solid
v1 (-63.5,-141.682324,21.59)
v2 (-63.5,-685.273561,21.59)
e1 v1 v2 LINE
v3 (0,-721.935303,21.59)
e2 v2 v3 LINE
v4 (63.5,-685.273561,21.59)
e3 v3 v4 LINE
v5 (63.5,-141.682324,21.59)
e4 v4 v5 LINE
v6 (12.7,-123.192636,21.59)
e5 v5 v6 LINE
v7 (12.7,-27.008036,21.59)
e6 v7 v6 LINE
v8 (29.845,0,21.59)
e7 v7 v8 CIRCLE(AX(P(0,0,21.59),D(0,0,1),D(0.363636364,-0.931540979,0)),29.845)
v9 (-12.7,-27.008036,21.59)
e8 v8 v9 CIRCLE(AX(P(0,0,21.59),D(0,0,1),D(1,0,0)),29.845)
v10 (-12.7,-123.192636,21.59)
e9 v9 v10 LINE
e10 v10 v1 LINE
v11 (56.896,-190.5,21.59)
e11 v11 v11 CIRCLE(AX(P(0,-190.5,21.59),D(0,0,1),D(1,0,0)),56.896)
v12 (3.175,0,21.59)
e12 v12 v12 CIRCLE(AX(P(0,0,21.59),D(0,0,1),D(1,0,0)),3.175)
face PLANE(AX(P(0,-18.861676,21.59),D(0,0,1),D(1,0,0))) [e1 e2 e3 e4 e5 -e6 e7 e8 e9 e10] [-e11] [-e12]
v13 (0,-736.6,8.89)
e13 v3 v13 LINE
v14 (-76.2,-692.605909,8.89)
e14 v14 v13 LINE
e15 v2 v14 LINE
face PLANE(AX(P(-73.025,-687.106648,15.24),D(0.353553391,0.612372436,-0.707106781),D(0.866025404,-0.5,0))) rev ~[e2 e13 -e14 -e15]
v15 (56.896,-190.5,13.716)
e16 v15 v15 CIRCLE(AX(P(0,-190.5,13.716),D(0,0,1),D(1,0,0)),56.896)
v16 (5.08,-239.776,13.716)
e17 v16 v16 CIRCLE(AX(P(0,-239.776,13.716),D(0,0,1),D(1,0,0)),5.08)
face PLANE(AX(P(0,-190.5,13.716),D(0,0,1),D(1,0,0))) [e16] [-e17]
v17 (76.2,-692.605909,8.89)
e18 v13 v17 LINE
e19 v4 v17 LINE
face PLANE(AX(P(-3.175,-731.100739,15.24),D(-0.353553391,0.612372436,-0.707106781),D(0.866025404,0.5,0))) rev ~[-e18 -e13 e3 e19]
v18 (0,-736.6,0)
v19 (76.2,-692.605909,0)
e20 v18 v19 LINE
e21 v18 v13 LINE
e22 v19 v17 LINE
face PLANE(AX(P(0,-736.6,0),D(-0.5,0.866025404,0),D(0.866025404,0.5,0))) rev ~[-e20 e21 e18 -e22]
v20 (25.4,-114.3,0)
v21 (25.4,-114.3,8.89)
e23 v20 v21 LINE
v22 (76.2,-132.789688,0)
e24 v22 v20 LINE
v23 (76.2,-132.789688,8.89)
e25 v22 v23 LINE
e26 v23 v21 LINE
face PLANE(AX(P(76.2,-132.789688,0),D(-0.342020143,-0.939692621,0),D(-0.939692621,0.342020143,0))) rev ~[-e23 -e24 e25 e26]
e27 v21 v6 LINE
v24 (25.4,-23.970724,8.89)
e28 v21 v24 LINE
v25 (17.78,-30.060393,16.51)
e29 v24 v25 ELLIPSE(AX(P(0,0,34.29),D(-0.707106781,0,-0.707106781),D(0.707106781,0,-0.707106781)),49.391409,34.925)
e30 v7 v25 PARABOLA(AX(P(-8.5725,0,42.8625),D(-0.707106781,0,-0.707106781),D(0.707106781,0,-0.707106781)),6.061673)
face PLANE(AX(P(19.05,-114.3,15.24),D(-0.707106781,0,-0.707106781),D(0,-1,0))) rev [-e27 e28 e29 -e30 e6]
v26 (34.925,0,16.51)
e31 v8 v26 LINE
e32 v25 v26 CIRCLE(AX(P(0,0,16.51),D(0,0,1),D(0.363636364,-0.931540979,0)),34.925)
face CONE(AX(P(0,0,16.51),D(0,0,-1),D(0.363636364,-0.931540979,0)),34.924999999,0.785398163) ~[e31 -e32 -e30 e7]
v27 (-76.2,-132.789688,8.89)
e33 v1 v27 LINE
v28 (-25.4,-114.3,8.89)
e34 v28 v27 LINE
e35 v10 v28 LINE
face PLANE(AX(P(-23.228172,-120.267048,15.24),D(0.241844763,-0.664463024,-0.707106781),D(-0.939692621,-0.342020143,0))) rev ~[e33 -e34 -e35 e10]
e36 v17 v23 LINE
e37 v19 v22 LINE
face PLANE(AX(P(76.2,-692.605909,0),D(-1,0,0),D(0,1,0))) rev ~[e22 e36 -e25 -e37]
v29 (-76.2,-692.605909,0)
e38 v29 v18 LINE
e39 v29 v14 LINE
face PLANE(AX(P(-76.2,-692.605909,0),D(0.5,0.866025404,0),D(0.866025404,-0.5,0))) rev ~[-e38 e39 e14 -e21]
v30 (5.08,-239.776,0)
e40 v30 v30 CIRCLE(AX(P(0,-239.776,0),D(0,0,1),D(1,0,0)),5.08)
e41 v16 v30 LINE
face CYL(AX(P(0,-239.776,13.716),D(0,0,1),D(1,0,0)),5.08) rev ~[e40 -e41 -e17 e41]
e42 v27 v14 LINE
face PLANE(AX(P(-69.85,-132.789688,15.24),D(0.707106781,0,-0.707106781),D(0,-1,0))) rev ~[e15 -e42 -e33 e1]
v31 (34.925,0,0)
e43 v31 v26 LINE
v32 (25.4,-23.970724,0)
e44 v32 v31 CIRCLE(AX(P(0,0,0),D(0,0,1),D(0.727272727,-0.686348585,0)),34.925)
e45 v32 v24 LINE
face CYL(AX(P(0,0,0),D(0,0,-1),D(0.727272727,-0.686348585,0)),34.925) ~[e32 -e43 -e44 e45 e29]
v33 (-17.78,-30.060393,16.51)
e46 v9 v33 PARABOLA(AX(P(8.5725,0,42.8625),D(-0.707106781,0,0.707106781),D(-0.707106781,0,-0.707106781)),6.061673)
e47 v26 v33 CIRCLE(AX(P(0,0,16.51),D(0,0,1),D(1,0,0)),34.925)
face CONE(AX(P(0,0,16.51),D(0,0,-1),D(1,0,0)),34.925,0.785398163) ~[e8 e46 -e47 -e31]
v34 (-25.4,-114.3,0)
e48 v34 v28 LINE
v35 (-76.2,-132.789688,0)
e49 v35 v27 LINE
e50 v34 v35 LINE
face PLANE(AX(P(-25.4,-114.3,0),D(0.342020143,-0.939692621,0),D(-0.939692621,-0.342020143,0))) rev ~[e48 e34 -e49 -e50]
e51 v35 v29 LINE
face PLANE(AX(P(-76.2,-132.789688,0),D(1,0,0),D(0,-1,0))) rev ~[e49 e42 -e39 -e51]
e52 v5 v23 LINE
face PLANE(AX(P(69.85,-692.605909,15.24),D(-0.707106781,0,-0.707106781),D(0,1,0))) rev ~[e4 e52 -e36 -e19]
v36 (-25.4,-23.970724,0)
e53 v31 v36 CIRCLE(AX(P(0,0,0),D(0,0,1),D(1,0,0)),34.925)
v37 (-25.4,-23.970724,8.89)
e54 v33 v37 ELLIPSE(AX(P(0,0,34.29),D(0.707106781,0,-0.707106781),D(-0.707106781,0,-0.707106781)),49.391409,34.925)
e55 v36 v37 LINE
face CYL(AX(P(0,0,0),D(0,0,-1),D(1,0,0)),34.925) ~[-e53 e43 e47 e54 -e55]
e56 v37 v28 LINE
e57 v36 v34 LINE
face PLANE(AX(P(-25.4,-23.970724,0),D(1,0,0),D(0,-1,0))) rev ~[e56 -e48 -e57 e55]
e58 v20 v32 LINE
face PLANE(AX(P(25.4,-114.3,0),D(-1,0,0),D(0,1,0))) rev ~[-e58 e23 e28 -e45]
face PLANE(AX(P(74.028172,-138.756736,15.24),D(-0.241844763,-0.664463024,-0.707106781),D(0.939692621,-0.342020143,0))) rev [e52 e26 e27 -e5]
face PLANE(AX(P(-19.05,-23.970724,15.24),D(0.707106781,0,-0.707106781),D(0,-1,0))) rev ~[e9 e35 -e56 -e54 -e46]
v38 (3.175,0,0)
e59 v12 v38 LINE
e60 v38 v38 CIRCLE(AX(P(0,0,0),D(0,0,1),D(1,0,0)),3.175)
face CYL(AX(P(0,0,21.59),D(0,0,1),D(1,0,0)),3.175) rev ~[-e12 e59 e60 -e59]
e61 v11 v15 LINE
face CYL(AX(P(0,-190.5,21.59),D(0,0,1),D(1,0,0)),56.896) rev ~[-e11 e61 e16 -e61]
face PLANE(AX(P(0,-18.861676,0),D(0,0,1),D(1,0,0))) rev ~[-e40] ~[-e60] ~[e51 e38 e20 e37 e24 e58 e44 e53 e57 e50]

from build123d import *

# Parameters (mm, degrees)
F1_DEPTH = 21.59
F2_R     = 56.896
F3_DEPTH = 7.874
F4_R     = 5.08
F5_DEPTH = 13.717
F6_SIZE  = 12.7
F7_R     = 3.175
F8_DEPTH = 21.591
F9_SIZE  = 5.08


with BuildPart() as f1:
    # F0 (on Top) → F1 (new body)
    with BuildSketch(Plane.XY):
        with BuildLine():
            Line((25.4, -23.970724332), (25.4, 0))
            ThreePointArc((25.4, 0), (0, -25.4), (-25.4, 0))
            Line((-25.4, 0), (-25.4, -23.970724332))
            ThreePointArc((-25.4, -23.970724332), (0, -34.925), (25.4, -23.970724332))
        make_face()
        with BuildLine():
            Line((25.4, -114.3), (25.4, -23.970724332))
            ThreePointArc((25.4, -23.970724332), (0, -34.925), (-25.4, -23.970724332))
            Line((-25.4, -23.970724332), (-25.4, -114.3))
            Line((-25.4, -114.3), (-76.2, -132.7896879007))
            Line((-76.2, -132.7896879007), (-76.2, -692.6059094878))
            Line((-76.2, -692.6059094878), (0, -736.6))
            Line((0, -736.6), (76.2, -692.6059094878))
            Line((76.2, -692.6059094878), (76.2, -132.7896879007))
            Line((76.2, -132.7896879007), (25.4, -114.3))
        make_face()
        with BuildLine():
            ThreePointArc((-25.4, 0), (0, -25.4), (25.4, 0))
            ThreePointArc((25.4, 0), (0, 25.4), (-25.4, 0))
        make_face()
        with BuildLine():
            ThreePointArc((-25.4, 0), (0, 25.4), (25.4, 0))
            Line((25.4, 0), (25.4, -23.970724332))
            ThreePointArc((25.4, -23.970724332), (32.4565141767, -12.8969109674), (34.925, 0))
            ThreePointArc((34.925, 0), (-12.8969109674, 32.4565141767), (-25.4, -23.970724332))
            Line((-25.4, -23.970724332), (-25.4, 0))
        make_face()
    extrude(amount=F1_DEPTH)

    # F2 (on face) → F3 (cut)
    with BuildSketch(Plane.XY.offset(21.59)):
        with Locations((0, -190.5)):
            Circle(F2_R)
    extrude(amount=-F3_DEPTH, mode=Mode.SUBTRACT)

    # F4 (on face) → F5 (cut, through all)
    with BuildSketch(Plane.XY.offset(13.716)):
        with Locations((0, -239.776)):
            Circle(F4_R)
    extrude(amount=-F5_DEPTH, mode=Mode.SUBTRACT)

    # F6
    f6_edges = [f1.edges().sort_by_distance(p)[0] for p in [
        (-76.2, -412.697799, 21.59),
        (-38.1, -714.602955, 21.59),
        (38.1, -714.602955, 21.59),
        (76.2, -412.697799, 21.59),
        (50.8, -123.544844, 21.59),
        (-50.8, -123.544844, 21.59),
        (25.4, -69.135362, 21.59),
        (-25.4, -69.135362, 21.59),
    ]]
    chamfer(f6_edges, length=F6_SIZE)

    # F7 (on face) → F8 (cut, through all)
    with BuildSketch(Plane.XY.offset(21.59)):
        Circle(F7_R)
    extrude(amount=-F8_DEPTH, mode=Mode.SUBTRACT)

    # F9
    f9_edges = [f1.edges().sort_by_distance(p)[0] for p in [
        (0, 34.925, 21.59),
    ]]
    chamfer(f9_edges, length=F9_SIZE)


solid = f1.part
